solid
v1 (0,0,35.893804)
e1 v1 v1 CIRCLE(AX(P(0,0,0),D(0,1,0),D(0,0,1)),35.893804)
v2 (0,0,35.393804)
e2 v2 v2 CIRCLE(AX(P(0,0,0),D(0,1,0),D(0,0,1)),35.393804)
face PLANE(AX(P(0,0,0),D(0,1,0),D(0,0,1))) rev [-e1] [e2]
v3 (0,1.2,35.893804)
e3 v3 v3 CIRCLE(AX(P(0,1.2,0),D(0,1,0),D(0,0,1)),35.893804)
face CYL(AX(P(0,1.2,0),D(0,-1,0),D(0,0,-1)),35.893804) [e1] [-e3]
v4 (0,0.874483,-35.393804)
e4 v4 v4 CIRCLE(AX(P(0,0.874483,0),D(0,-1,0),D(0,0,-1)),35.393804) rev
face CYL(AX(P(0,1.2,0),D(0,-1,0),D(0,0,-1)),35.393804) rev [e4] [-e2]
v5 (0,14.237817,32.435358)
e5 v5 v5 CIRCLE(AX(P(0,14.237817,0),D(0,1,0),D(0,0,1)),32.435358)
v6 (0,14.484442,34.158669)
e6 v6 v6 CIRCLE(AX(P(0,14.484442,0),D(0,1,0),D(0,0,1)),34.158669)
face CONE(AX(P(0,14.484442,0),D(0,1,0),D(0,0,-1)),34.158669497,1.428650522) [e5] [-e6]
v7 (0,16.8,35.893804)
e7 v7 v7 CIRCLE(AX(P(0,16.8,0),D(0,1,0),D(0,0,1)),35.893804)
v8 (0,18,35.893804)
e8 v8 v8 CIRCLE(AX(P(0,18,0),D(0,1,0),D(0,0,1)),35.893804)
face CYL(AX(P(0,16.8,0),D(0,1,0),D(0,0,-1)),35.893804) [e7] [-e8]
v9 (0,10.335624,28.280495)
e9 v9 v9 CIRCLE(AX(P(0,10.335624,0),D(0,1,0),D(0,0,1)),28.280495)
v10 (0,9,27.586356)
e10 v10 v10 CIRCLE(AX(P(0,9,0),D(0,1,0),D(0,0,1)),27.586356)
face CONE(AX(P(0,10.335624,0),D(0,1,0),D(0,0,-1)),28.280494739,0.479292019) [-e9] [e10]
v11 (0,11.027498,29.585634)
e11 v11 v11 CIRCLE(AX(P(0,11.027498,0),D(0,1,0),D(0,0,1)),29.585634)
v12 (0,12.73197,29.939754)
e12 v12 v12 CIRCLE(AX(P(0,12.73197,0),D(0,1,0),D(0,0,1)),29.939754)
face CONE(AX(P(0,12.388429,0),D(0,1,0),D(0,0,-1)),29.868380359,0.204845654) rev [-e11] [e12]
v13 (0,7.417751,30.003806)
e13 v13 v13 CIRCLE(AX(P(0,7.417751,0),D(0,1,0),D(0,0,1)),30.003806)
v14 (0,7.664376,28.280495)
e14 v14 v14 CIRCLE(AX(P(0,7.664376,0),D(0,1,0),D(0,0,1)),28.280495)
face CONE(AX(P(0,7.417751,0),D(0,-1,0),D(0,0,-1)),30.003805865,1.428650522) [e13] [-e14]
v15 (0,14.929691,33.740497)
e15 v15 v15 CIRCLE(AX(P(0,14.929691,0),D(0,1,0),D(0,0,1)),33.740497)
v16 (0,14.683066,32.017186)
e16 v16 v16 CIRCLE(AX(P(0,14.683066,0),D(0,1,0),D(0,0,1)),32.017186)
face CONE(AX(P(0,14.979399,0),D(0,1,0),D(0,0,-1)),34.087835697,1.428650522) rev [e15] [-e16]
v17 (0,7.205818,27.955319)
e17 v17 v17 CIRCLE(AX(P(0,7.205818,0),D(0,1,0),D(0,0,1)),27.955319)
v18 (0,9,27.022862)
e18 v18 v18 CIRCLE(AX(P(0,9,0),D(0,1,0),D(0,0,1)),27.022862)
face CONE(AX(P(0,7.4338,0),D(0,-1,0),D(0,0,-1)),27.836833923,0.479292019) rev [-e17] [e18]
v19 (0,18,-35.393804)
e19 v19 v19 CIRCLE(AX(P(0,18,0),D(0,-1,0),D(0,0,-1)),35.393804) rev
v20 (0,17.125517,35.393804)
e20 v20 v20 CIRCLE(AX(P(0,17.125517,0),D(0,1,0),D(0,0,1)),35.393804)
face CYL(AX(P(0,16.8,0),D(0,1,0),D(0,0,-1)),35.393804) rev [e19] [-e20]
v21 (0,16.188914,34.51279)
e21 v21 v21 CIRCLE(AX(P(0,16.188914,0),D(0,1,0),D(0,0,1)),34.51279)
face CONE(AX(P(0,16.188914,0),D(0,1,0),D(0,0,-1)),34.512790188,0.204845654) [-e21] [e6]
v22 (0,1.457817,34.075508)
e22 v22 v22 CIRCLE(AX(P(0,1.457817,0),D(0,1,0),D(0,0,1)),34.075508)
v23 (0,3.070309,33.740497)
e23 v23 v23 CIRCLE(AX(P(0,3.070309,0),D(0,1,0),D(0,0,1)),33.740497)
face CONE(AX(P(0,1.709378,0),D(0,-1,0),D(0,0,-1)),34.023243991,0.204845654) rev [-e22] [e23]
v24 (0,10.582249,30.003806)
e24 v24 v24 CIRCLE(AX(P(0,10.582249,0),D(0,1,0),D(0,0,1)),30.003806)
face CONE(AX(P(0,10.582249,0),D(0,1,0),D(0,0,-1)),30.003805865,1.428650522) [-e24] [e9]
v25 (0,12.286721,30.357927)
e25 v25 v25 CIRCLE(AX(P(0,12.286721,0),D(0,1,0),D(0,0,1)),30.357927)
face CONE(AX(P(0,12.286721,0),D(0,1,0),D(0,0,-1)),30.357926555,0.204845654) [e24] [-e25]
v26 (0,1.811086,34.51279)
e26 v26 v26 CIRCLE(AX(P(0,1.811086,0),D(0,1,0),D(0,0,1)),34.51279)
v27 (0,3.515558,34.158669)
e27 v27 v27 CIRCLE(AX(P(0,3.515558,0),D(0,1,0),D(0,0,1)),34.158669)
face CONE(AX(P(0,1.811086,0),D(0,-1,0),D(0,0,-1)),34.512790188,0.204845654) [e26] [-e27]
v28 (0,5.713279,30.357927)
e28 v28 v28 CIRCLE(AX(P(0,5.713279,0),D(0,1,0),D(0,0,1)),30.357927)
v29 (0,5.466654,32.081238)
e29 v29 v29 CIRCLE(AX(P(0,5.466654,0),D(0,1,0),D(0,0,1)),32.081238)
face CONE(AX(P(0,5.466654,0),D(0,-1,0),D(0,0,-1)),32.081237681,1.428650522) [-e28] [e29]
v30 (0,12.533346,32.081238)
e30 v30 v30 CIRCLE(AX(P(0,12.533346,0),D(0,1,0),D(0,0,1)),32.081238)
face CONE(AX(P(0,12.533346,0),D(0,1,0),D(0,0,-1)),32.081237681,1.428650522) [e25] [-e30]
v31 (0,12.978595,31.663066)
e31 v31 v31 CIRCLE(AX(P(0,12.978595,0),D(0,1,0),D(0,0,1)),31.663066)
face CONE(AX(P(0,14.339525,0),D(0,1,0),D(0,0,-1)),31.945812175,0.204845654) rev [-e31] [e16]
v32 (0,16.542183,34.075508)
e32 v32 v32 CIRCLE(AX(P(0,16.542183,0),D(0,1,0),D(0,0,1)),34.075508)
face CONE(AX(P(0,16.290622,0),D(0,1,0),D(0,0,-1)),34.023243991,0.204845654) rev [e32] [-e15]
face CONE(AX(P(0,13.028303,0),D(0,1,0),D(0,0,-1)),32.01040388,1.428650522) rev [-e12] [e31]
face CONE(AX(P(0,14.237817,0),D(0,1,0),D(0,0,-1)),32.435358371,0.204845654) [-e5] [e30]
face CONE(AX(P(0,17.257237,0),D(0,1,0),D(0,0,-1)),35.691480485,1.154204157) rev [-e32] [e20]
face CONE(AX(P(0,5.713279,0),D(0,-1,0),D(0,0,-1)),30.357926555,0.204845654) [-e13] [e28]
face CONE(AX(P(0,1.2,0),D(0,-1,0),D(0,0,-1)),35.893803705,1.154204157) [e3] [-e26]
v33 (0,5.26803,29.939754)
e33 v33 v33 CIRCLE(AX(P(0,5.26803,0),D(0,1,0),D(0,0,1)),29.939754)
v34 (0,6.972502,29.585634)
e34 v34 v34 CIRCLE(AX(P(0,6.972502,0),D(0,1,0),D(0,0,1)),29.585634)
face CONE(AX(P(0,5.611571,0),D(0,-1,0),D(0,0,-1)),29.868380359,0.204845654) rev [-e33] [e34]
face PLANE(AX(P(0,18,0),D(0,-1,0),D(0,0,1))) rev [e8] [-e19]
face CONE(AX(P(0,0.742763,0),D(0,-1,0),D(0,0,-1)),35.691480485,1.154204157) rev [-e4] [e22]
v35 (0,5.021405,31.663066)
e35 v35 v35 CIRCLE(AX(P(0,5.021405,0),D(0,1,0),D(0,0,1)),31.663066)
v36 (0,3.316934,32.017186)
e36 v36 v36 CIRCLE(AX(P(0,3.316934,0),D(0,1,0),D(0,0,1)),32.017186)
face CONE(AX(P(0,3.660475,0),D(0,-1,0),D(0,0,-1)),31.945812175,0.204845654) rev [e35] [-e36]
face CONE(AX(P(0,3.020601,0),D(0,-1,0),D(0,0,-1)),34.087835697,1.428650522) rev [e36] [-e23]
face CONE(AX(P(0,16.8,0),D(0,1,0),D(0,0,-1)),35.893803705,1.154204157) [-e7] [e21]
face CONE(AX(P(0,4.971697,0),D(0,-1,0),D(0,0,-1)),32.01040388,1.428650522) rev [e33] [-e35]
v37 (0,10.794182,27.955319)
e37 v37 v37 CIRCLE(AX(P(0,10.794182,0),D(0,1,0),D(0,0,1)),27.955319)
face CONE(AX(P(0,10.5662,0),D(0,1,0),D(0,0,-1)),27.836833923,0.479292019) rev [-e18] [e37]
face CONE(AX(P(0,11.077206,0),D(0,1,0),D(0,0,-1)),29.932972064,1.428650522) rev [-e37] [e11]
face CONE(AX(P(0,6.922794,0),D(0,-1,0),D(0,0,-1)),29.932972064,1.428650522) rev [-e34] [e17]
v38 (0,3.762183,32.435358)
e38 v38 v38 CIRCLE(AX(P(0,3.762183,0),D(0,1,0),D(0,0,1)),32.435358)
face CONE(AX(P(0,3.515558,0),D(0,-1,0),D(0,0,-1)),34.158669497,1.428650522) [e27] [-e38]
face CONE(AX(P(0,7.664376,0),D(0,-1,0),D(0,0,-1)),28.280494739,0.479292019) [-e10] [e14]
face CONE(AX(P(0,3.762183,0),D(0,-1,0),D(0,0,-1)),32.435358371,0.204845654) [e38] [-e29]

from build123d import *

# Parameters (mm, degrees)
SKETCH_1_R      = 35.893803705
EXTRUDE_1_DEPTH = 1.2
SHELL_1_T       = -0.5


with BuildPart() as part:
    # 스케치1 → 보스-돌출1 (new body)
    with BuildSketch(Plane(origin=(0, 0, 0), x_dir=(1, 0, 0), z_dir=(0, 1, 0))):
        with Locations(Location((0, 0, 0), (0, 0, 270))):
            Circle(SKETCH_1_R)
    extrude_1 = extrude(amount=EXTRUDE_1_DEPTH)

    # 스케치4 → 회전2 (revolve)
    with BuildSketch(Plane(origin=(0, 0, 0), x_dir=(0, 0, -1), z_dir=(1, 0, 0))):
        Polygon((0, 9), (-27.586355624, 9), (-28.280494739, 7.664375576), (-30.003805865, 7.417750835), (-30.357926555, 5.713279205), (-32.081237681, 5.466654464), (-32.435358371, 3.762182834), (-34.158669497, 3.515558093), (-34.512790188, 1.811086463), (-35.893803705, 1.2), (0, 1.2), align=None)
    revolve_2 = revolve(axis=Axis((0, 9, 0), (0, -1, 0)))

    # 대칭 복사1: 보스-돌출1, 회전2 across plane
    add(extrude_1.mirror(Plane(origin=(0, 9, 0), x_dir=(0, 0, 1), z_dir=(0, -1, 0))))
    add(revolve_2.mirror(Plane(origin=(0, 9, 0), x_dir=(0, 0, 1), z_dir=(0, -1, 0))))

    # 쉘1
    shell_1_openings = [part.faces().sort_by_distance(p)[0] for p in [
        (0, 18, 0),
        (0, 0, 0),
    ]]
    offset(amount=SHELL_1_T, openings=shell_1_openings, kind=Kind.INTERSECTION)


solid = part.part
